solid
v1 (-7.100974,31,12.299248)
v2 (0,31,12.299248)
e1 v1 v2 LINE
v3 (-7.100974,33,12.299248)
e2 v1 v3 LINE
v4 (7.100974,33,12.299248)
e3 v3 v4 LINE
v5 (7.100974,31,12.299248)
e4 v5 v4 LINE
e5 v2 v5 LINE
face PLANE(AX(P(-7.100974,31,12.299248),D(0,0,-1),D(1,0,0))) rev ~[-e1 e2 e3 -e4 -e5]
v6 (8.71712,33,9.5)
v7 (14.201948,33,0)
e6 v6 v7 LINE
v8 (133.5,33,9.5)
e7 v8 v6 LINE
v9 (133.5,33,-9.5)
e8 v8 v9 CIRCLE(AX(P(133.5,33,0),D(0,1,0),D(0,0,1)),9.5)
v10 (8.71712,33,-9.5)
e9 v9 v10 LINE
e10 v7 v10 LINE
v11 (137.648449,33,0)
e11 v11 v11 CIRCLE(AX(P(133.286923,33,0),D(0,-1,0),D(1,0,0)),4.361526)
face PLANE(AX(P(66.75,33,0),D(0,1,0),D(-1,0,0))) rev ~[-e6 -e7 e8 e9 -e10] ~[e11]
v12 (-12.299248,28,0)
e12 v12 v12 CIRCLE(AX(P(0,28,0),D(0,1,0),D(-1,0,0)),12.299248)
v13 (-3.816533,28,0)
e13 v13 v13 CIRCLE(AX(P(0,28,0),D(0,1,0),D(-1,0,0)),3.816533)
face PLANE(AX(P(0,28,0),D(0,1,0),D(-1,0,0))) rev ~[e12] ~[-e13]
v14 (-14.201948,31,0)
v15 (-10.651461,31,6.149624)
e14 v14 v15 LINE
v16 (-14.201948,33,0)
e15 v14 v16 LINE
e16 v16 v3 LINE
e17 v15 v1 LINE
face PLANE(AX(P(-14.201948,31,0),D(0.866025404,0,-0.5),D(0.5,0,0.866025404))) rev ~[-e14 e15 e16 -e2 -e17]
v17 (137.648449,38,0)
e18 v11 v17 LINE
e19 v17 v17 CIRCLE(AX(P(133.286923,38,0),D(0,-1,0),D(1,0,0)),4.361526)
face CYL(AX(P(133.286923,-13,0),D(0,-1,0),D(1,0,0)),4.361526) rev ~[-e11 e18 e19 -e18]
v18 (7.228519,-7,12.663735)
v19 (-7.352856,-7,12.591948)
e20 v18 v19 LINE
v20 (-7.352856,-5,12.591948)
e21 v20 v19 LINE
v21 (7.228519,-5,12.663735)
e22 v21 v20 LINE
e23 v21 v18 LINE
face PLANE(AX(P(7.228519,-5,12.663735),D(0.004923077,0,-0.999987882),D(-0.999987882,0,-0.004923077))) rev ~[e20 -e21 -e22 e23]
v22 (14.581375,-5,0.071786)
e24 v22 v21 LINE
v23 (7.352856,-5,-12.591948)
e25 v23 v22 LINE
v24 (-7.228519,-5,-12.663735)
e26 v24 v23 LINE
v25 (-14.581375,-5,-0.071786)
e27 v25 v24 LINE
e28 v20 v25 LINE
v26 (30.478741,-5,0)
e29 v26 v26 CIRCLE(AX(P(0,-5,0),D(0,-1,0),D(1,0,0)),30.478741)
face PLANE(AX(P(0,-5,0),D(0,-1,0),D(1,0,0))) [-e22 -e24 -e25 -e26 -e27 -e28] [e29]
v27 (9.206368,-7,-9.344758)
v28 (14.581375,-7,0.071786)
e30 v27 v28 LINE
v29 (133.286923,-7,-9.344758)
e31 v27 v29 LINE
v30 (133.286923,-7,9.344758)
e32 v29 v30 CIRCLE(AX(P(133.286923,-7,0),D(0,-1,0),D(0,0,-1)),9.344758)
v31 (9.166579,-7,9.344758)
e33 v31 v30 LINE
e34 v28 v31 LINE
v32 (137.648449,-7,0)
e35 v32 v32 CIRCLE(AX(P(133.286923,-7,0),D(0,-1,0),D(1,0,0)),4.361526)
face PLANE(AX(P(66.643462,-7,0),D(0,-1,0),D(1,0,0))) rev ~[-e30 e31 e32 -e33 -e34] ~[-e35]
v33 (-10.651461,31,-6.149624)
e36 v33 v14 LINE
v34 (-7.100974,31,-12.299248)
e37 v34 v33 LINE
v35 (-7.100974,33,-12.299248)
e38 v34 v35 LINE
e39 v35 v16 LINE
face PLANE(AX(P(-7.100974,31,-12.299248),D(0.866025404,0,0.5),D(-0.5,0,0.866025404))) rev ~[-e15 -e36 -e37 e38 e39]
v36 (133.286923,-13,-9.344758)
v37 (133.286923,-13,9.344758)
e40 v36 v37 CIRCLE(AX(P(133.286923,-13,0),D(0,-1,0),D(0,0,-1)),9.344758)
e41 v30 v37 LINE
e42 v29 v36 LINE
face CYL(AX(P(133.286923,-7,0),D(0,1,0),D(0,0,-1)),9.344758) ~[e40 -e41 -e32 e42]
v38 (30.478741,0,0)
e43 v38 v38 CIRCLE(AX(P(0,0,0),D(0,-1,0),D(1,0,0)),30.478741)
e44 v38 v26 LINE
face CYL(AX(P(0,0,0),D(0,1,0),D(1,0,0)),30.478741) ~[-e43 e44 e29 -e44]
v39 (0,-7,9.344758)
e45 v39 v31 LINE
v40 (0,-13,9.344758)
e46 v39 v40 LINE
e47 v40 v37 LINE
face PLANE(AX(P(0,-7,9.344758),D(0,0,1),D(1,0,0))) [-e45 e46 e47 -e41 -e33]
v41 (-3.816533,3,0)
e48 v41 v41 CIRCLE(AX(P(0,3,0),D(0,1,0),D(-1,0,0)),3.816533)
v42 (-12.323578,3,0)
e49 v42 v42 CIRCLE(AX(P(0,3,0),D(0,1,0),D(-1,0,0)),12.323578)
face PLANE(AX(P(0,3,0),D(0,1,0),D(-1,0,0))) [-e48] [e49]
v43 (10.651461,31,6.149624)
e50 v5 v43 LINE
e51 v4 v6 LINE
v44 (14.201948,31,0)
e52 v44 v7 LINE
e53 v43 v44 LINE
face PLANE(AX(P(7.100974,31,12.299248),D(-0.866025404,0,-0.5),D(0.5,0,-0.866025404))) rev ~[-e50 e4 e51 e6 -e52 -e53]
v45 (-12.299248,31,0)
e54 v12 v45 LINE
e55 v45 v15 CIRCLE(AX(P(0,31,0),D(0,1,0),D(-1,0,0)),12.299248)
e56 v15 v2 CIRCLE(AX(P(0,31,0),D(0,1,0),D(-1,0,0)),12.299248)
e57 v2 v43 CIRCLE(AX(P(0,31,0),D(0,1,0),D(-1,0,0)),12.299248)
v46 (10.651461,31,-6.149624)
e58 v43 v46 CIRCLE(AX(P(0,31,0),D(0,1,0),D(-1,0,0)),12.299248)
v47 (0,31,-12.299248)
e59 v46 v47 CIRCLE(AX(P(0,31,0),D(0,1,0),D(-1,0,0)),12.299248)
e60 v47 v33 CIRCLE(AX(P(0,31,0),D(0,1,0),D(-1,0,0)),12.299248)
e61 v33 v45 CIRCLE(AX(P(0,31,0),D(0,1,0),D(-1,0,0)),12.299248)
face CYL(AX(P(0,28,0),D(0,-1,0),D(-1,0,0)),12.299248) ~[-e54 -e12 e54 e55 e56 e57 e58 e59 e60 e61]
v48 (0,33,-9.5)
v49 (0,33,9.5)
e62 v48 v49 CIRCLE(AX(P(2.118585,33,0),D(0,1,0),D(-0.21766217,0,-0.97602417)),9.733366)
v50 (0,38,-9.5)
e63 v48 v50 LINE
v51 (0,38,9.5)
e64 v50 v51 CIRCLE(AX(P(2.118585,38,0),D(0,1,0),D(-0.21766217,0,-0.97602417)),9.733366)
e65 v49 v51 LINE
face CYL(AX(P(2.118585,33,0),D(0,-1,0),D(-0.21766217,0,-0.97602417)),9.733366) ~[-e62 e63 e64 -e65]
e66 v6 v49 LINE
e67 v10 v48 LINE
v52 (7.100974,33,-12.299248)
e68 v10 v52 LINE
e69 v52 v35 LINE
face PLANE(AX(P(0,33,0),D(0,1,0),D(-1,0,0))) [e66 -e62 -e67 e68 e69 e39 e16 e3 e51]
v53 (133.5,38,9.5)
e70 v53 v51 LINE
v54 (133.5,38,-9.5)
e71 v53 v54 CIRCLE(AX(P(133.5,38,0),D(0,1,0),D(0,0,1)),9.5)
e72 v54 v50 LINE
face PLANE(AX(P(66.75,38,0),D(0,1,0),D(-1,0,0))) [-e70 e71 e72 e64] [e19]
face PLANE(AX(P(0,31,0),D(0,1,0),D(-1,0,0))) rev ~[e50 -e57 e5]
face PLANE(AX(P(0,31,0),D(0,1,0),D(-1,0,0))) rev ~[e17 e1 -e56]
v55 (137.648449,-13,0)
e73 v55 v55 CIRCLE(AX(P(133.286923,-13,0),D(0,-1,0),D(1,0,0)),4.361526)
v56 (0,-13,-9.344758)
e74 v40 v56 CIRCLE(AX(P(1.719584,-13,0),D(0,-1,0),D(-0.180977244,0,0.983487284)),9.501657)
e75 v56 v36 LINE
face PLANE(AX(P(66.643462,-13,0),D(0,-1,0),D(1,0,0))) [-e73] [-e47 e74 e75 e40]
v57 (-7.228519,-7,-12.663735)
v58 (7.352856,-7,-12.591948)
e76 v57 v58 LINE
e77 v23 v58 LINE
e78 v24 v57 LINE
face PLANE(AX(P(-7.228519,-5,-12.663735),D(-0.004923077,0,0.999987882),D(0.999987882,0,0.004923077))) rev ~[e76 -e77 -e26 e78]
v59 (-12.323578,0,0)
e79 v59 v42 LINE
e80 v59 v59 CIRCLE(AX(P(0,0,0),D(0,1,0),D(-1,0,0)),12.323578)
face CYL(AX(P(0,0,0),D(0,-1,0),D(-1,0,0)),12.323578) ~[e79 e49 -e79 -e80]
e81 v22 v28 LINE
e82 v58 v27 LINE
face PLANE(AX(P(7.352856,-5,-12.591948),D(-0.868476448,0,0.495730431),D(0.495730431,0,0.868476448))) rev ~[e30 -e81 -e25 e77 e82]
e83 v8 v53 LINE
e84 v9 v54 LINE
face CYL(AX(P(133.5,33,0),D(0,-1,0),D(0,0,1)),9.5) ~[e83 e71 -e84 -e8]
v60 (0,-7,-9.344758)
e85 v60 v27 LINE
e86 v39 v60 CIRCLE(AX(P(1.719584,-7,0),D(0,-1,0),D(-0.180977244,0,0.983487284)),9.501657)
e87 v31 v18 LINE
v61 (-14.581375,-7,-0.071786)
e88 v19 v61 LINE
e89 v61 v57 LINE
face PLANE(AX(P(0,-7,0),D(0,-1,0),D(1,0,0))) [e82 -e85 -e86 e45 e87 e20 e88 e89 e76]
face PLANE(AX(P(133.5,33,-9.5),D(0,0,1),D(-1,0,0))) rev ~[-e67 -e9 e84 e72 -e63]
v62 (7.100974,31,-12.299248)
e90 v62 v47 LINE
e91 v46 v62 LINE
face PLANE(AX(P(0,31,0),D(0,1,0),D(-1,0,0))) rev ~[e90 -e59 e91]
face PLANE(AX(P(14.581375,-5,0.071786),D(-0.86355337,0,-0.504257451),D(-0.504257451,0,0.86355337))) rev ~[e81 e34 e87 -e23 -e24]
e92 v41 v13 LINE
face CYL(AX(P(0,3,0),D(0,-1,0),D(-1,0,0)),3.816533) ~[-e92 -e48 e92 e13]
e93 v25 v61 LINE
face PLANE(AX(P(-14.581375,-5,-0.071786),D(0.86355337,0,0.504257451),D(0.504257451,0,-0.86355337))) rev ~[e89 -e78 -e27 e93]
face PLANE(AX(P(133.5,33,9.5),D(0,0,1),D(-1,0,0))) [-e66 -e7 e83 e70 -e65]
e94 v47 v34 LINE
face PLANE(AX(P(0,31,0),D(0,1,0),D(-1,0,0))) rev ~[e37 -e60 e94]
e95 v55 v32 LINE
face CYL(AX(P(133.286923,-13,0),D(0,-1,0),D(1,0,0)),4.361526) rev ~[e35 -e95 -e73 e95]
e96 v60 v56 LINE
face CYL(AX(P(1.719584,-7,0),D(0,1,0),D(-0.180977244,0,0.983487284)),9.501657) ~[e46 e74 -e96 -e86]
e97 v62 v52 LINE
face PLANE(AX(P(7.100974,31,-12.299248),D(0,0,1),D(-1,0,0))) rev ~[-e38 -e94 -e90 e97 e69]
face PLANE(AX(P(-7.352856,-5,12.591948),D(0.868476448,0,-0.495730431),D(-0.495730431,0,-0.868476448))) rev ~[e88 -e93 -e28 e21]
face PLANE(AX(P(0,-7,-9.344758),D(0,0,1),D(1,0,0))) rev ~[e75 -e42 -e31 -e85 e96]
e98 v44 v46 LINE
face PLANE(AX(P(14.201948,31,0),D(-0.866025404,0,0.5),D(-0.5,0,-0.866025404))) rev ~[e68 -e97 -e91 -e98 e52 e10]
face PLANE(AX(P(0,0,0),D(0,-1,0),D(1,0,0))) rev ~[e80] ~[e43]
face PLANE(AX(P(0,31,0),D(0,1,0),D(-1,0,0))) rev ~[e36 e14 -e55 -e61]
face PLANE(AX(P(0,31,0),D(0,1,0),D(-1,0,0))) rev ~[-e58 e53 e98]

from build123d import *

# Parameters (mm, degrees)
F0_R      = 30.4787407236
F1_DEPTH  = 5
F2_R      = 12.323577598
F3_DEPTH  = 3
F4_R      = 3.8165326263
F5_DEPTH  = 25
F6_R      = 12.2992477122
F7_DEPTH  = 3
F9_DEPTH  = 2
F10_W     = 133.2869231701
F10_H     = 18.6895169318
F11_DEPTH = 6
F13_DEPTH = 2
F14_W     = 133.5
F14_H     = 19
F15_DEPTH = 5
F16_R     = 4.3615258045
F17_DEPTH = 55


with BuildPart() as f1:
    # F0 (on Front) → F1 (new body)
    with BuildSketch(Plane.XZ):
        Circle(F0_R)
    extrude(amount=F1_DEPTH)

    # F2 (on face) → F3 (join)
    with BuildSketch(Plane(origin=(0, 0, 0), x_dir=(-1, 0, 0), z_dir=(0, 1, 0))):
        Circle(F2_R)
    extrude(amount=F3_DEPTH)

    # F4 (on face) → F5 (join)
    with BuildSketch(Plane(origin=(0, 3, 0), x_dir=(-1, 0, 0), z_dir=(0, 1, 0))):
        Circle(F4_R)
    extrude(amount=F5_DEPTH)

    # F6 (on face) → F7 (join)
    with BuildSketch(Plane(origin=(0, 28, 0), x_dir=(-1, 0, 0), z_dir=(0, 1, 0))):
        Circle(F6_R)
    extrude(amount=F7_DEPTH)

    # F8 (on face) → F9 (join)
    with BuildSketch(Plane.XZ.offset(5)):
        Polygon((-7.3528563089, 12.591948495), (-14.5813754343, -0.0717861064), (-7.2285191254, -12.6637346014), (7.3528563089, -12.591948495), (14.5813754343, 0.0717861064), (7.2285191254, 12.6637346014), align=None)
    extrude(amount=F9_DEPTH)

    # F10 (on face) → F11 (join)
    with BuildSketch(Plane.XZ.offset(7)):
        with Locations((66.643461585, 0)):
            Rectangle(F10_W, F10_H)
        with BuildLine():
            Line((0, -9.3447584659), (0, 9.3447584659))
            ThreePointArc((0, 9.3447584659), (-7.7820729992, 0), (0, -9.3447584659))
        make_face()
        with BuildLine():
            ThreePointArc((133.2869231701, -9.3447584659), (142.631681636, 0), (133.2869231701, 9.3447584659))
            Line((133.2869231701, 9.3447584659), (133.2869231701, -9.3447584659))
        make_face()
    extrude(amount=F11_DEPTH)

    # F12 (on face) → F13 (join)
    with BuildSketch(Plane(origin=(0, 31, 0), x_dir=(-1, 0, 0), z_dir=(0, 1, 0))):
        Polygon((7.1009739775, 12.2992477122), (-7.1009739775, 12.2992477122), (-14.2019479549, 0), (-7.1009739775, -12.2992477122), (7.1009739775, -12.2992477122), (14.2019479549, 0), align=None)
    extrude(amount=F13_DEPTH)

    # F14 (on face) → F15 (join)
    with BuildSketch(Plane(origin=(0, 33, 0), x_dir=(-1, 0, 0), z_dir=(0, 1, 0))):
        with Locations((-66.75, 0)):
            Rectangle(F14_W, F14_H)
        with BuildLine():
            Line((0, 9.5), (0, -9.5))
            ThreePointArc((0, -9.5), (7.6147800585, 0), (0, 9.5))
        make_face()
        with BuildLine():
            ThreePointArc((-133.5, 9.5), (-143, 0), (-133.5, -9.5))
            Line((-133.5, -9.5), (-133.5, 9.5))
        make_face()
    extrude(amount=F15_DEPTH)

    # F16 (on face) → F17 (cut)
    with BuildSketch(Plane.XZ.offset(13)):
        with Locations((133.2869231701, 0)):
            Circle(F16_R)
    extrude(amount=-F17_DEPTH, mode=Mode.SUBTRACT)


solid = f1.part
